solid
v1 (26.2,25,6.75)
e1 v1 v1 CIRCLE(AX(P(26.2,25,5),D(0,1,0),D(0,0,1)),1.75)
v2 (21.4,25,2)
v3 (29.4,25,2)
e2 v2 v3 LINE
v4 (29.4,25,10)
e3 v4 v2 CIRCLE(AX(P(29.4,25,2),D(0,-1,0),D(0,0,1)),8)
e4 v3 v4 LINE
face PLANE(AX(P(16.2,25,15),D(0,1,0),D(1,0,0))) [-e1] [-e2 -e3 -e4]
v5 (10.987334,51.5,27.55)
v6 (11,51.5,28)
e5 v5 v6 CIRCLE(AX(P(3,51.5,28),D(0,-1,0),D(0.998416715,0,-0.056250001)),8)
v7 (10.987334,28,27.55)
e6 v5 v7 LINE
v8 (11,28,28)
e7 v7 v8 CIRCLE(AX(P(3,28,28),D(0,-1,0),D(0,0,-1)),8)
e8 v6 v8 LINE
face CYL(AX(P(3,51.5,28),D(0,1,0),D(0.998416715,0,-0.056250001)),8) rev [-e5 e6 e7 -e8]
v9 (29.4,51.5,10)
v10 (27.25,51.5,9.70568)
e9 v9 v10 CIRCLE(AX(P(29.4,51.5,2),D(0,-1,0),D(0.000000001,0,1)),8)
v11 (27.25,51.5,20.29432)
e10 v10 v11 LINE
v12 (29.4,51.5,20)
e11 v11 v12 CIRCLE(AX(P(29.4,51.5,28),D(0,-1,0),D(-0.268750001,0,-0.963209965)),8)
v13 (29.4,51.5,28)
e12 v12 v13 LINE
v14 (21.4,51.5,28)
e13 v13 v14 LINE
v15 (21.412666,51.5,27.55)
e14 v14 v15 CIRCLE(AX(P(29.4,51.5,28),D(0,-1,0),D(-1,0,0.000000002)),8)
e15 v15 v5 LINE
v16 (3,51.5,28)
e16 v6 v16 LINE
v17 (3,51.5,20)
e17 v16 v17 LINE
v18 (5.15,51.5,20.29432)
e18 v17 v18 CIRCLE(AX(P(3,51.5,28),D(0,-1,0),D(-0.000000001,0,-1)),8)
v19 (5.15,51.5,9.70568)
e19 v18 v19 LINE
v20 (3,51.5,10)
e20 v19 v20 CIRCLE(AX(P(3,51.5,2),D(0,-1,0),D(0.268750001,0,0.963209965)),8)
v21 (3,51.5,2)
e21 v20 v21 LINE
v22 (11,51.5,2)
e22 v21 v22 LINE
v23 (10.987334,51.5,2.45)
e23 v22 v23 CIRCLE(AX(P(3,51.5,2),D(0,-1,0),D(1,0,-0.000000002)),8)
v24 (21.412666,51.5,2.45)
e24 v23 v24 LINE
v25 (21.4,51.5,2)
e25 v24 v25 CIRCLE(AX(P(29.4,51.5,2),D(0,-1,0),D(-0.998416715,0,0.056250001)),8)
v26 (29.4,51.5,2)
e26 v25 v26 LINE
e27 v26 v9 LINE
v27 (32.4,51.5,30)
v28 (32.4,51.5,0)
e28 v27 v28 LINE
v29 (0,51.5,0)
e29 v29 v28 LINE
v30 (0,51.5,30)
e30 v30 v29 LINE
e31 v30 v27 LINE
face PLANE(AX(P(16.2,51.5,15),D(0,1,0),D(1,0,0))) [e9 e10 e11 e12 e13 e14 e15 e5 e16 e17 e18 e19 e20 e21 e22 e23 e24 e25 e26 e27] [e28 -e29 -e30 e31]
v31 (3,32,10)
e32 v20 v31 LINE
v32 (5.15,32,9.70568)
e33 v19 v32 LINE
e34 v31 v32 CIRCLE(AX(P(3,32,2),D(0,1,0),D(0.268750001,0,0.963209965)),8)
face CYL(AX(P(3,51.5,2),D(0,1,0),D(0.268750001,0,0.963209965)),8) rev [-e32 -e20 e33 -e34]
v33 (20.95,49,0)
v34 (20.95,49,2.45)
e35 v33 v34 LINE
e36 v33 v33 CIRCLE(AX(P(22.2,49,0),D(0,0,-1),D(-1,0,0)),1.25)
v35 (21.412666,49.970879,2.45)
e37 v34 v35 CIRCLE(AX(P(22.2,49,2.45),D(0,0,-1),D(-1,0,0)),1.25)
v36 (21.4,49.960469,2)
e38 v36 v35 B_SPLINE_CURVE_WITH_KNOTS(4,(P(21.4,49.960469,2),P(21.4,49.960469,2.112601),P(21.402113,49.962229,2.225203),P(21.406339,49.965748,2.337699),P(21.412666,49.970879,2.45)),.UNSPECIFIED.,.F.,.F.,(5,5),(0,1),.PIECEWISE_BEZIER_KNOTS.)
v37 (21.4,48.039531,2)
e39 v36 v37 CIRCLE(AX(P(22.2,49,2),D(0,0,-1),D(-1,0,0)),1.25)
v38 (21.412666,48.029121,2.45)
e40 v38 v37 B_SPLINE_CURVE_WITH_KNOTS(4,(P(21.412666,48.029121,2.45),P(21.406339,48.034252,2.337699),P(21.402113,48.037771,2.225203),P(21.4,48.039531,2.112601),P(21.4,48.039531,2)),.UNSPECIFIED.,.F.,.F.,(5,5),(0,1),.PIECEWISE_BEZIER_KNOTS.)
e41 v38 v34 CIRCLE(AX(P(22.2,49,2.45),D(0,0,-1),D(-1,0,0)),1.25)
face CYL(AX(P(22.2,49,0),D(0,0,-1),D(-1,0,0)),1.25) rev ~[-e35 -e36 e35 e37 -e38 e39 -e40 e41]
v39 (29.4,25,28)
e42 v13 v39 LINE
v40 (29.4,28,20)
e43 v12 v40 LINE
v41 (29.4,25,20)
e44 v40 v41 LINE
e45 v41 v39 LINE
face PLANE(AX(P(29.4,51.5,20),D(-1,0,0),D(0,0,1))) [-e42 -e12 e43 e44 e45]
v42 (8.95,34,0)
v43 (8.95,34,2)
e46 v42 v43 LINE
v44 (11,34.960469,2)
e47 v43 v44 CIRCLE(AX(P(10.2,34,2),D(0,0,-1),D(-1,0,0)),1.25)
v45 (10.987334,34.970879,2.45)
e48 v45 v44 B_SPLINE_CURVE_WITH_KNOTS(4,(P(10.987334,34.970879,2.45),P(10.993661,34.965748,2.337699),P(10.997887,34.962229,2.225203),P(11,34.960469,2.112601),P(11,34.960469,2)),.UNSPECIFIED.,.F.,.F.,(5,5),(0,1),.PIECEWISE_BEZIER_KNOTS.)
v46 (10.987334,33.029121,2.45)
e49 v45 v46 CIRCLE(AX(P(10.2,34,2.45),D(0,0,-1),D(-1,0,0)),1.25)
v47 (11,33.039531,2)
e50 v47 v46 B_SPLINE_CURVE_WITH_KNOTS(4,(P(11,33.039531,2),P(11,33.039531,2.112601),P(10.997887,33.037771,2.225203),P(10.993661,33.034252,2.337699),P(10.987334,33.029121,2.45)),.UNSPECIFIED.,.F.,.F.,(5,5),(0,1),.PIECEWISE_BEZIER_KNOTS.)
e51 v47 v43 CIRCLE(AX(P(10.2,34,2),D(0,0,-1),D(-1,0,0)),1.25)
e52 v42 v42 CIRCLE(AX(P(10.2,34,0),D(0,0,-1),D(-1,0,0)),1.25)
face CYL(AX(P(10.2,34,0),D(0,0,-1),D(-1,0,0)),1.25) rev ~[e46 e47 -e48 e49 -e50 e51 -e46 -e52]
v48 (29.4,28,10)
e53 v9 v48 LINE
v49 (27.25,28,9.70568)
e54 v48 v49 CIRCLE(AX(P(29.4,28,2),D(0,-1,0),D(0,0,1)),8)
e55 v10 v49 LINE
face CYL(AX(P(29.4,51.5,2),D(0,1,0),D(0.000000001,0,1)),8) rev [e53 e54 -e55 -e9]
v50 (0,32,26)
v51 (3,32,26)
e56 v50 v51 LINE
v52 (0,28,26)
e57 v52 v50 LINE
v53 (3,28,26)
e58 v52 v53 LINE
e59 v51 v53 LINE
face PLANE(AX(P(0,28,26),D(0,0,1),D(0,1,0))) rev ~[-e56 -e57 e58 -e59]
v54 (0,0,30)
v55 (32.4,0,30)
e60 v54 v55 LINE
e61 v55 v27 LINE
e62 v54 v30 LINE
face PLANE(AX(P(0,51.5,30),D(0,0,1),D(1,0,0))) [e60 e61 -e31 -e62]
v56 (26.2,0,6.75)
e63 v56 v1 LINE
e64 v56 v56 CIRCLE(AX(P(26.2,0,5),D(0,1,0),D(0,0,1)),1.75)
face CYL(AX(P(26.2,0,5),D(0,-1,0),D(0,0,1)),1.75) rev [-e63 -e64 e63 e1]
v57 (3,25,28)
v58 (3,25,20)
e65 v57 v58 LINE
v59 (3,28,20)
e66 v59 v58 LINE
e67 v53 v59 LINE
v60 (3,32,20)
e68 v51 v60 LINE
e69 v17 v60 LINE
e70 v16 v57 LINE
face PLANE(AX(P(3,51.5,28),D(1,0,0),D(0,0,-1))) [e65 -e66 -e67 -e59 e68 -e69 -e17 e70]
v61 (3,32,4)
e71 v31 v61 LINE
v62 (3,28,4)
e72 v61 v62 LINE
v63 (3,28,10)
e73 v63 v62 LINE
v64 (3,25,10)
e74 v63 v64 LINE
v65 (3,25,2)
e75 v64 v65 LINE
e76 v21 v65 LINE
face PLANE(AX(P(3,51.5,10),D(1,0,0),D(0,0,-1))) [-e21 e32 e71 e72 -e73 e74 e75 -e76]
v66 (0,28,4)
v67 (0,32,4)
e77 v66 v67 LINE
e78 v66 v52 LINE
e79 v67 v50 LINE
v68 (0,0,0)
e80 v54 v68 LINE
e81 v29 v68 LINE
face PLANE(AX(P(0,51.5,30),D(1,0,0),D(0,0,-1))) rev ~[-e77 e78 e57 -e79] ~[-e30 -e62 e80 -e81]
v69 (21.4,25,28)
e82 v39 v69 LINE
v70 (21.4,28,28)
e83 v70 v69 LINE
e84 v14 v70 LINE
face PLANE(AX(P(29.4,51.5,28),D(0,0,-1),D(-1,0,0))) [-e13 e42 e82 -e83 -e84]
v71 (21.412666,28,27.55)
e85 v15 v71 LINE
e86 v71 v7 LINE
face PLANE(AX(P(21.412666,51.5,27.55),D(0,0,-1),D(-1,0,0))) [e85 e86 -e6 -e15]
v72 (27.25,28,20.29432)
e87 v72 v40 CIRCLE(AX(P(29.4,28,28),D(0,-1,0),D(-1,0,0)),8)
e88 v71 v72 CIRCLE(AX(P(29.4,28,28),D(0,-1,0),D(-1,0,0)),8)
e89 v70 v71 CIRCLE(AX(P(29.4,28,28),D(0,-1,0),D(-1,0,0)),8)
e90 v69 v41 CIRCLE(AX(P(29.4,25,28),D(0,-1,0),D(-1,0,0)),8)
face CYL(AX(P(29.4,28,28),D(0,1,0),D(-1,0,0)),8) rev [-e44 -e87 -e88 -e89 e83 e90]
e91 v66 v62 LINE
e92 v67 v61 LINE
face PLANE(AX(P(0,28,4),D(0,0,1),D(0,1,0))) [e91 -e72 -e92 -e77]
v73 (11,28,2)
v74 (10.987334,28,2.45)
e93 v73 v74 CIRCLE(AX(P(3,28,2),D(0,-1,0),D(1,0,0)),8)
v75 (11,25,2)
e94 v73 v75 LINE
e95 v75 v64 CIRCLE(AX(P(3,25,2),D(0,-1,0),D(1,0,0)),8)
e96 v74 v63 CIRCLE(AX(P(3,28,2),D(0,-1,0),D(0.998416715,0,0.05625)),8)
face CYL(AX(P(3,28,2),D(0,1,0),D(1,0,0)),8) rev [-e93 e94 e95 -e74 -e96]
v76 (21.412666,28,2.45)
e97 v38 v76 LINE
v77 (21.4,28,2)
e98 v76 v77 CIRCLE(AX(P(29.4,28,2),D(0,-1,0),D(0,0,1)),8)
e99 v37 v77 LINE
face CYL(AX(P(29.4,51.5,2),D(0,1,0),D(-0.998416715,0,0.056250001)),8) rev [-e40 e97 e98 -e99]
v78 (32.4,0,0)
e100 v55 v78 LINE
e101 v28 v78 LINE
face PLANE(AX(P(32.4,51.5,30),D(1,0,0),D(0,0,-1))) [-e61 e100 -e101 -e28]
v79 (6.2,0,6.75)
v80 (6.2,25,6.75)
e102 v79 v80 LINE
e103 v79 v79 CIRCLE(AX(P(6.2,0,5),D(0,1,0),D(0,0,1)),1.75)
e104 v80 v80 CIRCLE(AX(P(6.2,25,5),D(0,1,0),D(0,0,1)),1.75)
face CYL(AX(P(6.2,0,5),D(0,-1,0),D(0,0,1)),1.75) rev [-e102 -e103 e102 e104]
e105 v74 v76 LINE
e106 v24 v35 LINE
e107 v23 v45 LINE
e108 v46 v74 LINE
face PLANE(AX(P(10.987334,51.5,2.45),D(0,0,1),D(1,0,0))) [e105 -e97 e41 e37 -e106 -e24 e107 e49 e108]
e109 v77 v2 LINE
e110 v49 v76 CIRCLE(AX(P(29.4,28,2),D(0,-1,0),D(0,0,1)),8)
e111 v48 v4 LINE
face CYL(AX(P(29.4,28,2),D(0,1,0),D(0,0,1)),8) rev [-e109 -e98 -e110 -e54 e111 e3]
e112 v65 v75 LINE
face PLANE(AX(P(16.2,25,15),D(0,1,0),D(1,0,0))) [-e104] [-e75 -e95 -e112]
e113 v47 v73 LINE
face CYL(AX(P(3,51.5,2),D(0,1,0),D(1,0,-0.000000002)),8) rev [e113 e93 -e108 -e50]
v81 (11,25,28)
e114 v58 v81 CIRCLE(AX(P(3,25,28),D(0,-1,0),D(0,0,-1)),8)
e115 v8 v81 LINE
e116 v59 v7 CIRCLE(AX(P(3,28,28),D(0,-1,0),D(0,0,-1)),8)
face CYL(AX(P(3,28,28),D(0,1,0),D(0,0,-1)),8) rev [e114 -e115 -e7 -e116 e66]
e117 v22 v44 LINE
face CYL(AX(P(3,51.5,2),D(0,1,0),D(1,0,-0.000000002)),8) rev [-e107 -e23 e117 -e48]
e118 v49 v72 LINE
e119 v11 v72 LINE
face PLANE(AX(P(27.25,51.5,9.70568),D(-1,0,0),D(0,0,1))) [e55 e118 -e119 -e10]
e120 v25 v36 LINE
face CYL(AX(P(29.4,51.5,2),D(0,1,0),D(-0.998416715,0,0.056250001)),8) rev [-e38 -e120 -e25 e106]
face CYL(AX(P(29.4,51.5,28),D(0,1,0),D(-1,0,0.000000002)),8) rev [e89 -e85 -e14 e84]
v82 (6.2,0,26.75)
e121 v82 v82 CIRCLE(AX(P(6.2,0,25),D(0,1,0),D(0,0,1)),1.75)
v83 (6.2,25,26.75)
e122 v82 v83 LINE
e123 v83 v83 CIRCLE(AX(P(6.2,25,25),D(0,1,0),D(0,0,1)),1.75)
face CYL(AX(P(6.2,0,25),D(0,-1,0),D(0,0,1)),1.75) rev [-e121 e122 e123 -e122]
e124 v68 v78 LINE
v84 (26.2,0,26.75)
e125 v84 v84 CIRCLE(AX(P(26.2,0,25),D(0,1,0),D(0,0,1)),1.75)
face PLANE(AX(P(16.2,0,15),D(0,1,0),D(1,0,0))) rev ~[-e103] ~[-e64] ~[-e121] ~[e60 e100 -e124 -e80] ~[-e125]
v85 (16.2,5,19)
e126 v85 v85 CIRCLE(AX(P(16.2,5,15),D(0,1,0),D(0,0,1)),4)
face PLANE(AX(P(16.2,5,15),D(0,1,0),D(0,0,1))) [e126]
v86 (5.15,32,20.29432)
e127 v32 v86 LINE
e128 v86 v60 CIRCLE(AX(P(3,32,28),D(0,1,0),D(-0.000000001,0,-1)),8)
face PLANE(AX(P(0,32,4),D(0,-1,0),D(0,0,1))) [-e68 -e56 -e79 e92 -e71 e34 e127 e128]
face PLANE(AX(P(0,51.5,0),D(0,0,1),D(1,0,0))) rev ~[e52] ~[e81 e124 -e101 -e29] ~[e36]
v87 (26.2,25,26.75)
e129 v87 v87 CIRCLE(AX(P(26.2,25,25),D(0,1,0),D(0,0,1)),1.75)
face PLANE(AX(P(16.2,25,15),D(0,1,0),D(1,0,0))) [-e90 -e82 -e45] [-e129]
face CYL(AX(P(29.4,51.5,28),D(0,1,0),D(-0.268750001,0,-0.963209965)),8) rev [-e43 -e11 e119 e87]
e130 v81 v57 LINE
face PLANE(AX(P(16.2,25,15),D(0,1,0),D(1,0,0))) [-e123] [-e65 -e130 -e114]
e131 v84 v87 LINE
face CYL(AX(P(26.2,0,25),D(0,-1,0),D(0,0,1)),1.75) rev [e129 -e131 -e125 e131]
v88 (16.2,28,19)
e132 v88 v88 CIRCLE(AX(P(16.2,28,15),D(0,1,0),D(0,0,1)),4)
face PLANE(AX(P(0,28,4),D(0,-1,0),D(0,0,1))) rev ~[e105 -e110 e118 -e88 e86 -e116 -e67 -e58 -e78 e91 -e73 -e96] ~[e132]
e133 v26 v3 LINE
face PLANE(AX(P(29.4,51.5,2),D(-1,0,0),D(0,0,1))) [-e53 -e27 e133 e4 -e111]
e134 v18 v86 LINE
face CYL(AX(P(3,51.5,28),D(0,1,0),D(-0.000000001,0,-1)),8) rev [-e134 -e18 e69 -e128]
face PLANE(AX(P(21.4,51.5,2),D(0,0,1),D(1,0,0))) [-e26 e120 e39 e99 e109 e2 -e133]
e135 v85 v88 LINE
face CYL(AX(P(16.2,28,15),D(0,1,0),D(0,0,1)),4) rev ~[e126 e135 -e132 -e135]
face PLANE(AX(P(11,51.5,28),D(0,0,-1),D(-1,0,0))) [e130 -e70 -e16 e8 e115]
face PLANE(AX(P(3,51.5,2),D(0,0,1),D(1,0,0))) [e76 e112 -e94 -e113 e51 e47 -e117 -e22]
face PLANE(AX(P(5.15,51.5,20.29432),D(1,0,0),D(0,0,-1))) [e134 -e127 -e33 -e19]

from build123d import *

# Parameters (mm, degrees)
SKETCH1_W           = 32.4
SKETCH1_H           = 30
SKETCH1_R           = 1.75
BOSS_EXTRUDE1_DEPTH = 25
SKETCH2_R           = 4
CUT_EXTRUDE1_DEPTH  = 20
BOSS_EXTRUDE2_START = 3
SKETCH3_W           = 32.4
SKETCH3_H           = 30
SKETCH3_R           = 4
BOSS_EXTRUDE2_DEPTH = 3
BOSS_EXTRUDE3_START = 23.5
SKETCH4_W           = 32.4
SKETCH4_H           = 30
BOSS_EXTRUDE3_DEPTH = 23.5
SKETCH5_R           = 1.25
CUT_EXTRUDE2_DEPTH  = 2.45
SKETCH6_W           = 22
SKETCH6_H           = 4
CUT_EXTRUDE3_DEPTH  = 5.15


with BuildPart() as part:
    # Sketch1 → Boss-Extrude1 (new body)
    with BuildSketch(Plane(origin=(0, 0, 0), x_dir=(1, 0, 0), z_dir=(0, 1, 0))):
        with Locations((16.2, -15)):
            Rectangle(SKETCH1_W, SKETCH1_H)
        with Locations(Location((6.2, -5, 0), (0, 0, 270))):
            Circle(SKETCH1_R, mode=Mode.SUBTRACT)
        with Locations(Location((26.2, -5, 0), (0, 0, 270))):
            Circle(SKETCH1_R, mode=Mode.SUBTRACT)
        with Locations(Location((26.2, -25, 0), (0, 0, 270))):
            Circle(SKETCH1_R, mode=Mode.SUBTRACT)
        with Locations(Location((6.2, -25, 0), (0, 0, 270))):
            Circle(SKETCH1_R, mode=Mode.SUBTRACT)
    extrude(amount=BOSS_EXTRUDE1_DEPTH)

    # Sketch2 → Cut-Extrude1 (cut)
    with BuildSketch(Plane(origin=(0, 25, 0), x_dir=(1, 0, 0), z_dir=(0, 1, 0))):
        with Locations(Location((16.2, -15, 0), (0, 0, 270))):
            Circle(SKETCH2_R)
    extrude(amount=-CUT_EXTRUDE1_DEPTH, mode=Mode.SUBTRACT)

    # Sketch3 → Boss-Extrude2 (add)
    with BuildSketch(Plane(origin=(0, 25, 0), x_dir=(1, 0, 0), z_dir=(0, 1, 0)).offset(BOSS_EXTRUDE2_START)):
        with Locations((16.2, -15)):
            Rectangle(SKETCH3_W, SKETCH3_H)
        with BuildLine():
            ThreePointArc((11, -2), (8.656854249, -7.656854249), (3, -10))
            Line((3, -10), (3, -2))
            Line((3, -2), (11, -2))
        make_face(mode=Mode.SUBTRACT)
        with BuildLine():
            ThreePointArc((29.4, -10), (23.743145751, -7.656854249), (21.4, -2))
            Line((21.4, -2), (29.4, -2))
            Line((29.4, -2), (29.4, -10))
        make_face(mode=Mode.SUBTRACT)
        with BuildLine():
            ThreePointArc((21.4, -28), (23.743145751, -22.343145751), (29.4, -20))
            Line((29.4, -20), (29.4, -28))
            Line((29.4, -28), (21.4, -28))
        make_face(mode=Mode.SUBTRACT)
        with BuildLine():
            ThreePointArc((3, -20), (8.656854249, -22.343145751), (11, -28))
            Line((11, -28), (3, -28))
            Line((3, -28), (3, -20))
        make_face(mode=Mode.SUBTRACT)
        with Locations(Location((16.2, -15, 0), (0, 0, 270))):
            Circle(SKETCH3_R, mode=Mode.SUBTRACT)
    extrude(amount=-BOSS_EXTRUDE2_DEPTH)

    # Sketch4 → Boss-Extrude3 (add)
    with BuildSketch(Plane(origin=(0, 28, 0), x_dir=(1, 0, 0), z_dir=(0, 1, 0)).offset(BOSS_EXTRUDE3_START)):
        with Locations((16.2, -15)):
            Rectangle(SKETCH4_W, SKETCH4_H)
        with BuildLine():
            Line((5.15, -20.294320277), (5.15, -9.705679723))
            ThreePointArc((5.15, -9.705679723), (4.085025855, -9.926078406), (3, -10))
            Line((3, -10), (3, -2))
            Line((3, -2), (11, -2))
            ThreePointArc((11, -2), (10.996832804, -2.225089113), (10.987333723, -2.45))
            Line((10.987333723, -2.45), (21.412666277, -2.45))
            ThreePointArc((21.412666277, -2.45), (21.403167196, -2.225089113), (21.4, -2))
            Line((21.4, -2), (29.4, -2))
            Line((29.4, -2), (29.4, -10))
            ThreePointArc((29.4, -10), (28.314974145, -9.926078406), (27.25, -9.705679723))
            Line((27.25, -9.705679723), (27.25, -20.294320277))
            ThreePointArc((27.25, -20.294320277), (28.314974145, -20.073921594), (29.4, -20))
            Line((29.4, -20), (29.4, -28))
            Line((29.4, -28), (21.4, -28))
            ThreePointArc((21.4, -28), (21.403167196, -27.774910887), (21.412666277, -27.55))
            Line((21.412666277, -27.55), (10.987333723, -27.55))
            ThreePointArc((10.987333723, -27.55), (10.996832804, -27.774910887), (11, -28))
            Line((11, -28), (3, -28))
            Line((3, -28), (3, -20))
            ThreePointArc((3, -20), (4.085025855, -20.073921594), (5.15, -20.294320277))
        make_face(mode=Mode.SUBTRACT)
    extrude(amount=-BOSS_EXTRUDE3_DEPTH)

    # Sketch5 → Cut-Extrude2 (cut)
    with BuildSketch(Plane(origin=(0, 0, 0), x_dir=(-1, 0, 0), z_dir=(0, 0, -1))):
        with Locations((-22.2, 49)):
            Circle(SKETCH5_R)
        with Locations((-10.2, 34)):
            Circle(SKETCH5_R)
    extrude(amount=-CUT_EXTRUDE2_DEPTH, mode=Mode.SUBTRACT)

    # Sketch6 → Cut-Extrude3 (cut)
    with BuildSketch(Plane.ZY):
        with Locations((15, 30)):
            Rectangle(SKETCH6_W, SKETCH6_H)
    extrude(amount=-CUT_EXTRUDE3_DEPTH, mode=Mode.SUBTRACT)


solid = part.part
